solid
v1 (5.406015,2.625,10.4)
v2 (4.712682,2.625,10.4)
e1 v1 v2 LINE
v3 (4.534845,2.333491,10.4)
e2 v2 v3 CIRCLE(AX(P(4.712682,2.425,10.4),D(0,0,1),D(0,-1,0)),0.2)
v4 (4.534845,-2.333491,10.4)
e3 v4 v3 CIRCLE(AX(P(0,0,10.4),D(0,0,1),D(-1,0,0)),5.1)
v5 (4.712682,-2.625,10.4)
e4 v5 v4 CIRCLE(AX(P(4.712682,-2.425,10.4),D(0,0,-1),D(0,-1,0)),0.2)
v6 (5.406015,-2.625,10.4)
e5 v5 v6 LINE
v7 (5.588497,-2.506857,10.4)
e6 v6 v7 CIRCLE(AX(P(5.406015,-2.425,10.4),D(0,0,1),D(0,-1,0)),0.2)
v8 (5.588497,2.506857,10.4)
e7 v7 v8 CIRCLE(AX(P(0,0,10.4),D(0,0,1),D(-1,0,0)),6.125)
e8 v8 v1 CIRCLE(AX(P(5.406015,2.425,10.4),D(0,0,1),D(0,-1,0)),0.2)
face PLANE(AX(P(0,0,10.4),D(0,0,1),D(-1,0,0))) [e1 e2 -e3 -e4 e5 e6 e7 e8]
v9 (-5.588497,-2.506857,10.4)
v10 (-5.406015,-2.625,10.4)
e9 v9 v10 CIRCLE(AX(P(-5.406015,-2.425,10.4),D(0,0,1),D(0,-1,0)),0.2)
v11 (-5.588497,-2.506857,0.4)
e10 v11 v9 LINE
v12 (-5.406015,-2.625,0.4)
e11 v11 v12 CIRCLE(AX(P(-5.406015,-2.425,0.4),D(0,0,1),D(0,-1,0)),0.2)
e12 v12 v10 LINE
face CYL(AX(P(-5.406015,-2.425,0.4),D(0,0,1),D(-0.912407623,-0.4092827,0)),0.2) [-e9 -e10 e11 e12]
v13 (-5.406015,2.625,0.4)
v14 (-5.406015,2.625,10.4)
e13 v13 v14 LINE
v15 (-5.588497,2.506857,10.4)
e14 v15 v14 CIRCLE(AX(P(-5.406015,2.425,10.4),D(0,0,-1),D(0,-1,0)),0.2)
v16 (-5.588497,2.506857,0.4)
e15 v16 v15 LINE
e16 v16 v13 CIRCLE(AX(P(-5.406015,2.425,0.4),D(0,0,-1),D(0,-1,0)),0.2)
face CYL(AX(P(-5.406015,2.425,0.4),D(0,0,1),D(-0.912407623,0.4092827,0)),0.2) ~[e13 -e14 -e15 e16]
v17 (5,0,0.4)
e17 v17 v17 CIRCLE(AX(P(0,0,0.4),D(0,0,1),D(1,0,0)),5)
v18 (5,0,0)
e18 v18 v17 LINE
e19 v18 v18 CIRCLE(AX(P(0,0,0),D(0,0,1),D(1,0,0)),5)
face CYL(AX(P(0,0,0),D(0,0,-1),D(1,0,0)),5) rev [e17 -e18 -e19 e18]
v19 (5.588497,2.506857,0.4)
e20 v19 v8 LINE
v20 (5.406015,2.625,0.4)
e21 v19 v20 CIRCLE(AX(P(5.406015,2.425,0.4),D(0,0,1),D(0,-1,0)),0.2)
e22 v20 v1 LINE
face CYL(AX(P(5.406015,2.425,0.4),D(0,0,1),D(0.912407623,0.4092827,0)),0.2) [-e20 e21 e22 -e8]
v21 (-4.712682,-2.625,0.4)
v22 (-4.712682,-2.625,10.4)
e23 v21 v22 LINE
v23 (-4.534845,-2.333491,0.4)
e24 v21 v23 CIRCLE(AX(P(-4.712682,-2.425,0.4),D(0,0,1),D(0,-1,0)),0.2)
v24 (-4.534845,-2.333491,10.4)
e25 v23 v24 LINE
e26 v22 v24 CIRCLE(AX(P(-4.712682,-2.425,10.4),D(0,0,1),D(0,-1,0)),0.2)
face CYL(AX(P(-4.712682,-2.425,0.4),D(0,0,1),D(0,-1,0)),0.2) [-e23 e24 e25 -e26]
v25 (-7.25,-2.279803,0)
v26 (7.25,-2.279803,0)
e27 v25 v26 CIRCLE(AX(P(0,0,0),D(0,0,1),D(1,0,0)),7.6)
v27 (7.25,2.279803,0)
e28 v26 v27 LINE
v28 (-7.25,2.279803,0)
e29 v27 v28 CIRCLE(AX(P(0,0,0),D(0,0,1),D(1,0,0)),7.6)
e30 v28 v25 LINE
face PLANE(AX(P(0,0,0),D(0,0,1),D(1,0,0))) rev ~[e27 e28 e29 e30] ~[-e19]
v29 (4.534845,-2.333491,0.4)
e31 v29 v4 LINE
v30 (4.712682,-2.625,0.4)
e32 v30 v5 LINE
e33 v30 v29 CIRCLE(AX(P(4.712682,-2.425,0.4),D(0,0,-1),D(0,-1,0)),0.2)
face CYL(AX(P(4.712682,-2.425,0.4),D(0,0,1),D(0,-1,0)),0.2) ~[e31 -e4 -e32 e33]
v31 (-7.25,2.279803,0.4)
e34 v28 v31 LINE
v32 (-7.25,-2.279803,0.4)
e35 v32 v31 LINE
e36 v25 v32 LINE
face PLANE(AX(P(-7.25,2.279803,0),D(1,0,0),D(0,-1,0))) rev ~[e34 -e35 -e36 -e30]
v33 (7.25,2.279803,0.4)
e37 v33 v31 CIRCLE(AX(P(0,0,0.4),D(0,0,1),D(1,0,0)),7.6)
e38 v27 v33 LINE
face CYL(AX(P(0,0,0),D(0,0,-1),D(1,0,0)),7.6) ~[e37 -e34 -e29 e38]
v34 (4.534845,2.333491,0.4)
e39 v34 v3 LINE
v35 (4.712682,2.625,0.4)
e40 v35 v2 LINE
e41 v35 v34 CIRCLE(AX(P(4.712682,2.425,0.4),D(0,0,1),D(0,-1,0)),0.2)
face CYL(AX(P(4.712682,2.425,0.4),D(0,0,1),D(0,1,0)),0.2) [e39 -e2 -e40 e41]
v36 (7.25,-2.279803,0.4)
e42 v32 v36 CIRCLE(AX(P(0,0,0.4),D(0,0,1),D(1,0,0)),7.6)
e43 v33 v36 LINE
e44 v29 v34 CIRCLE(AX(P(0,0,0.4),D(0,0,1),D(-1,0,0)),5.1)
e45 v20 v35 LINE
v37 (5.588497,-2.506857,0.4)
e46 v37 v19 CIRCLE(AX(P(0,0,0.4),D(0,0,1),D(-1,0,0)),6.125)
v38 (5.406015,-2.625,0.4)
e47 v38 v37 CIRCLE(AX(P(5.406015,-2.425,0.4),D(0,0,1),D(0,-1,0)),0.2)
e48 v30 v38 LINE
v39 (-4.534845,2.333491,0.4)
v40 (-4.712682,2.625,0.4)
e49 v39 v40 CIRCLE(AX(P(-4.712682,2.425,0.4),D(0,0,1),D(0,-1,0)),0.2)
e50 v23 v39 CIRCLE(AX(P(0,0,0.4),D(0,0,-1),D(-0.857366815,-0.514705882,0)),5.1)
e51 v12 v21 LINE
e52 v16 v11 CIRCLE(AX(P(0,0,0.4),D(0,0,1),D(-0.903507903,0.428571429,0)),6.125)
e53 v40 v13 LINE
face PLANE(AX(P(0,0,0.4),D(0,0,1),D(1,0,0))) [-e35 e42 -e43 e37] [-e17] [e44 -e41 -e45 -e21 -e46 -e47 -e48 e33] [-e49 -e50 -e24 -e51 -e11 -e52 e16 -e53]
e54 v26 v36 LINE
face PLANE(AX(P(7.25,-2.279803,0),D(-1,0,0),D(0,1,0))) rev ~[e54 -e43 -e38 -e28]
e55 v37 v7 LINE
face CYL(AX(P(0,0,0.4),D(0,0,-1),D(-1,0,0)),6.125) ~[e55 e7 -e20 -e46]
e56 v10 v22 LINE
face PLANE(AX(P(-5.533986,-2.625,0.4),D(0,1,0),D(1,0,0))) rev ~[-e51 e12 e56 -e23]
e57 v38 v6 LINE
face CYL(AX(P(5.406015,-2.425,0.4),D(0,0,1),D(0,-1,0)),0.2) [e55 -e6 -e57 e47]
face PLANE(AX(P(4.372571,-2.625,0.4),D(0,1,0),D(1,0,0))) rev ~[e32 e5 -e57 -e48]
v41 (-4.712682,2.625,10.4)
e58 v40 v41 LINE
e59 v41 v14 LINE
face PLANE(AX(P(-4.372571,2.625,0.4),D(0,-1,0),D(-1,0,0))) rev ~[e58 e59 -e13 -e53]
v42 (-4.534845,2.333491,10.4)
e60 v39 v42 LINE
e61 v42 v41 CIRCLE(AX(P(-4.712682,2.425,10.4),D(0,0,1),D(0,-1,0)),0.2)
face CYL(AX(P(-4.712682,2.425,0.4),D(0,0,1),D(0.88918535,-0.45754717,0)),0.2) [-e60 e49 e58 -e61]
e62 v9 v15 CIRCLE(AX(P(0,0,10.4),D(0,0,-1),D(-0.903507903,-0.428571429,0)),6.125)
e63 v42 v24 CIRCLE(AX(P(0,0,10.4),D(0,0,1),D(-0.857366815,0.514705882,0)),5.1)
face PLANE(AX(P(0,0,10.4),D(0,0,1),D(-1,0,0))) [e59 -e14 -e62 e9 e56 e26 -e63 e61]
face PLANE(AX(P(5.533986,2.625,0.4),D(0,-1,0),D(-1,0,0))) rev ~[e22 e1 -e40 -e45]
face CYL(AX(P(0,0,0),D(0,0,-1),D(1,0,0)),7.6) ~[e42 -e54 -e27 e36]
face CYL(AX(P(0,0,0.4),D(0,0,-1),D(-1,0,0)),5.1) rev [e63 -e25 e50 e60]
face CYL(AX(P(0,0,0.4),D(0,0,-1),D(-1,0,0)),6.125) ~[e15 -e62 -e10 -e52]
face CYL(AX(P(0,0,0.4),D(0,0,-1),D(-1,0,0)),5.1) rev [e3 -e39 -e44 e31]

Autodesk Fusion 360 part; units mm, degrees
sketch "Sketch1" plane through (0, 0, 0) normal (0, 0, 1) x (1, 0, 0)
  circle A0 centre (0, 0) radius 6.3
  circle A1 centre (0, 0) radius 7.6
  line L0 (0, 7.6) -> (0, -7.6) construction
  circle A2 centre (0, 0) radius 3.25
  line L1 (-3.25, 0) -> (-3.25, -3.35)
  line L2 (-3.25, -3.35) -> (3.25, -3.35)
  line L3 (3.25, 0) -> (3.25, -3.35)
  circle A3 centre (0, 0) radius 5
  dimension "d1" = 12.6
  dimension "d2" = 15.2
  dimension "d3" = 6.5
  dimension "d4" = 3.35
  dimension "d15" = 10
extrude "Extrude1" add sketch "Sketch1" along normal blind 0.4 contours A0 | A1
sketch "Sketch2" plane through (0, 0, 0.4) normal (0, 0, 1) x (-1, 0, 0)
  circle A0 centre (0, 0) radius 7.6
  circle A1 centre (0, 0) radius 6.125
  circle A2 centre (0, 0) radius 5.1
  line L0 (-10, -2.625) -> (10, -2.625)
  line L1 (10, -2.625) -> (10, 2.625)
  line L2 (10, 2.625) -> (-10, 2.625)
  line L3 (-10, 2.625) -> (-10, -2.625)
  line L4 (-10, -2.625) -> (10, 2.625) construction
  line L5 (10, -2.625) -> (-10, 2.625) construction
  circle A3 centre (0, 0) radius 5
  dimension "d7" = 12.25
  dimension "d8" = 10.2
  dimension "d9" = 5.25
  dimension "d10" = 20
extrude "Extrude2" add sketch "Sketch2" along normal blind 10 contours A1 A2 L0 L2 | A1 A2 L0 L2
fillet "Fillet1" radius 0.2 8 edges at (4.3726, -2.625, 5.4) (4.3726, 2.625, 5.4) (5.534, 2.625, 5.4) (5.534, -2.625, 5.4) (-4.3726, -2.625, 5.4) (-4.3726, 2.625, 5.4) (-5.534, 2.625, 5.4) (-5.534, -2.625, 5.4)
sketch "Sketch3" plane through (0, 0, 0) normal (0, 0, -1) x (1, 0, 0)
  circle A0 centre (0, 0) radius 5
  circle A1 centre (0, 0) radius 7.6
  line L0 (-7.25, 10) -> (7.25, 10)
  line L1 (7.25, 10) -> (7.25, -10)
  line L2 (7.25, -10) -> (-7.25, -10)
  line L3 (-7.25, -10) -> (-7.25, 10)
  line L4 (-7.25, 10) -> (7.25, -10) construction
  line L5 (7.25, 10) -> (-7.25, -10) construction
  dimension "d16" = 14.5
  dimension "d17" = 20
extrude "Extrude3" cut sketch "Sketch3" against normal blind 12 contours A1 L1 | A1 L3
equation "d4 = 6.6 mm - ( d3 / 2 )"
